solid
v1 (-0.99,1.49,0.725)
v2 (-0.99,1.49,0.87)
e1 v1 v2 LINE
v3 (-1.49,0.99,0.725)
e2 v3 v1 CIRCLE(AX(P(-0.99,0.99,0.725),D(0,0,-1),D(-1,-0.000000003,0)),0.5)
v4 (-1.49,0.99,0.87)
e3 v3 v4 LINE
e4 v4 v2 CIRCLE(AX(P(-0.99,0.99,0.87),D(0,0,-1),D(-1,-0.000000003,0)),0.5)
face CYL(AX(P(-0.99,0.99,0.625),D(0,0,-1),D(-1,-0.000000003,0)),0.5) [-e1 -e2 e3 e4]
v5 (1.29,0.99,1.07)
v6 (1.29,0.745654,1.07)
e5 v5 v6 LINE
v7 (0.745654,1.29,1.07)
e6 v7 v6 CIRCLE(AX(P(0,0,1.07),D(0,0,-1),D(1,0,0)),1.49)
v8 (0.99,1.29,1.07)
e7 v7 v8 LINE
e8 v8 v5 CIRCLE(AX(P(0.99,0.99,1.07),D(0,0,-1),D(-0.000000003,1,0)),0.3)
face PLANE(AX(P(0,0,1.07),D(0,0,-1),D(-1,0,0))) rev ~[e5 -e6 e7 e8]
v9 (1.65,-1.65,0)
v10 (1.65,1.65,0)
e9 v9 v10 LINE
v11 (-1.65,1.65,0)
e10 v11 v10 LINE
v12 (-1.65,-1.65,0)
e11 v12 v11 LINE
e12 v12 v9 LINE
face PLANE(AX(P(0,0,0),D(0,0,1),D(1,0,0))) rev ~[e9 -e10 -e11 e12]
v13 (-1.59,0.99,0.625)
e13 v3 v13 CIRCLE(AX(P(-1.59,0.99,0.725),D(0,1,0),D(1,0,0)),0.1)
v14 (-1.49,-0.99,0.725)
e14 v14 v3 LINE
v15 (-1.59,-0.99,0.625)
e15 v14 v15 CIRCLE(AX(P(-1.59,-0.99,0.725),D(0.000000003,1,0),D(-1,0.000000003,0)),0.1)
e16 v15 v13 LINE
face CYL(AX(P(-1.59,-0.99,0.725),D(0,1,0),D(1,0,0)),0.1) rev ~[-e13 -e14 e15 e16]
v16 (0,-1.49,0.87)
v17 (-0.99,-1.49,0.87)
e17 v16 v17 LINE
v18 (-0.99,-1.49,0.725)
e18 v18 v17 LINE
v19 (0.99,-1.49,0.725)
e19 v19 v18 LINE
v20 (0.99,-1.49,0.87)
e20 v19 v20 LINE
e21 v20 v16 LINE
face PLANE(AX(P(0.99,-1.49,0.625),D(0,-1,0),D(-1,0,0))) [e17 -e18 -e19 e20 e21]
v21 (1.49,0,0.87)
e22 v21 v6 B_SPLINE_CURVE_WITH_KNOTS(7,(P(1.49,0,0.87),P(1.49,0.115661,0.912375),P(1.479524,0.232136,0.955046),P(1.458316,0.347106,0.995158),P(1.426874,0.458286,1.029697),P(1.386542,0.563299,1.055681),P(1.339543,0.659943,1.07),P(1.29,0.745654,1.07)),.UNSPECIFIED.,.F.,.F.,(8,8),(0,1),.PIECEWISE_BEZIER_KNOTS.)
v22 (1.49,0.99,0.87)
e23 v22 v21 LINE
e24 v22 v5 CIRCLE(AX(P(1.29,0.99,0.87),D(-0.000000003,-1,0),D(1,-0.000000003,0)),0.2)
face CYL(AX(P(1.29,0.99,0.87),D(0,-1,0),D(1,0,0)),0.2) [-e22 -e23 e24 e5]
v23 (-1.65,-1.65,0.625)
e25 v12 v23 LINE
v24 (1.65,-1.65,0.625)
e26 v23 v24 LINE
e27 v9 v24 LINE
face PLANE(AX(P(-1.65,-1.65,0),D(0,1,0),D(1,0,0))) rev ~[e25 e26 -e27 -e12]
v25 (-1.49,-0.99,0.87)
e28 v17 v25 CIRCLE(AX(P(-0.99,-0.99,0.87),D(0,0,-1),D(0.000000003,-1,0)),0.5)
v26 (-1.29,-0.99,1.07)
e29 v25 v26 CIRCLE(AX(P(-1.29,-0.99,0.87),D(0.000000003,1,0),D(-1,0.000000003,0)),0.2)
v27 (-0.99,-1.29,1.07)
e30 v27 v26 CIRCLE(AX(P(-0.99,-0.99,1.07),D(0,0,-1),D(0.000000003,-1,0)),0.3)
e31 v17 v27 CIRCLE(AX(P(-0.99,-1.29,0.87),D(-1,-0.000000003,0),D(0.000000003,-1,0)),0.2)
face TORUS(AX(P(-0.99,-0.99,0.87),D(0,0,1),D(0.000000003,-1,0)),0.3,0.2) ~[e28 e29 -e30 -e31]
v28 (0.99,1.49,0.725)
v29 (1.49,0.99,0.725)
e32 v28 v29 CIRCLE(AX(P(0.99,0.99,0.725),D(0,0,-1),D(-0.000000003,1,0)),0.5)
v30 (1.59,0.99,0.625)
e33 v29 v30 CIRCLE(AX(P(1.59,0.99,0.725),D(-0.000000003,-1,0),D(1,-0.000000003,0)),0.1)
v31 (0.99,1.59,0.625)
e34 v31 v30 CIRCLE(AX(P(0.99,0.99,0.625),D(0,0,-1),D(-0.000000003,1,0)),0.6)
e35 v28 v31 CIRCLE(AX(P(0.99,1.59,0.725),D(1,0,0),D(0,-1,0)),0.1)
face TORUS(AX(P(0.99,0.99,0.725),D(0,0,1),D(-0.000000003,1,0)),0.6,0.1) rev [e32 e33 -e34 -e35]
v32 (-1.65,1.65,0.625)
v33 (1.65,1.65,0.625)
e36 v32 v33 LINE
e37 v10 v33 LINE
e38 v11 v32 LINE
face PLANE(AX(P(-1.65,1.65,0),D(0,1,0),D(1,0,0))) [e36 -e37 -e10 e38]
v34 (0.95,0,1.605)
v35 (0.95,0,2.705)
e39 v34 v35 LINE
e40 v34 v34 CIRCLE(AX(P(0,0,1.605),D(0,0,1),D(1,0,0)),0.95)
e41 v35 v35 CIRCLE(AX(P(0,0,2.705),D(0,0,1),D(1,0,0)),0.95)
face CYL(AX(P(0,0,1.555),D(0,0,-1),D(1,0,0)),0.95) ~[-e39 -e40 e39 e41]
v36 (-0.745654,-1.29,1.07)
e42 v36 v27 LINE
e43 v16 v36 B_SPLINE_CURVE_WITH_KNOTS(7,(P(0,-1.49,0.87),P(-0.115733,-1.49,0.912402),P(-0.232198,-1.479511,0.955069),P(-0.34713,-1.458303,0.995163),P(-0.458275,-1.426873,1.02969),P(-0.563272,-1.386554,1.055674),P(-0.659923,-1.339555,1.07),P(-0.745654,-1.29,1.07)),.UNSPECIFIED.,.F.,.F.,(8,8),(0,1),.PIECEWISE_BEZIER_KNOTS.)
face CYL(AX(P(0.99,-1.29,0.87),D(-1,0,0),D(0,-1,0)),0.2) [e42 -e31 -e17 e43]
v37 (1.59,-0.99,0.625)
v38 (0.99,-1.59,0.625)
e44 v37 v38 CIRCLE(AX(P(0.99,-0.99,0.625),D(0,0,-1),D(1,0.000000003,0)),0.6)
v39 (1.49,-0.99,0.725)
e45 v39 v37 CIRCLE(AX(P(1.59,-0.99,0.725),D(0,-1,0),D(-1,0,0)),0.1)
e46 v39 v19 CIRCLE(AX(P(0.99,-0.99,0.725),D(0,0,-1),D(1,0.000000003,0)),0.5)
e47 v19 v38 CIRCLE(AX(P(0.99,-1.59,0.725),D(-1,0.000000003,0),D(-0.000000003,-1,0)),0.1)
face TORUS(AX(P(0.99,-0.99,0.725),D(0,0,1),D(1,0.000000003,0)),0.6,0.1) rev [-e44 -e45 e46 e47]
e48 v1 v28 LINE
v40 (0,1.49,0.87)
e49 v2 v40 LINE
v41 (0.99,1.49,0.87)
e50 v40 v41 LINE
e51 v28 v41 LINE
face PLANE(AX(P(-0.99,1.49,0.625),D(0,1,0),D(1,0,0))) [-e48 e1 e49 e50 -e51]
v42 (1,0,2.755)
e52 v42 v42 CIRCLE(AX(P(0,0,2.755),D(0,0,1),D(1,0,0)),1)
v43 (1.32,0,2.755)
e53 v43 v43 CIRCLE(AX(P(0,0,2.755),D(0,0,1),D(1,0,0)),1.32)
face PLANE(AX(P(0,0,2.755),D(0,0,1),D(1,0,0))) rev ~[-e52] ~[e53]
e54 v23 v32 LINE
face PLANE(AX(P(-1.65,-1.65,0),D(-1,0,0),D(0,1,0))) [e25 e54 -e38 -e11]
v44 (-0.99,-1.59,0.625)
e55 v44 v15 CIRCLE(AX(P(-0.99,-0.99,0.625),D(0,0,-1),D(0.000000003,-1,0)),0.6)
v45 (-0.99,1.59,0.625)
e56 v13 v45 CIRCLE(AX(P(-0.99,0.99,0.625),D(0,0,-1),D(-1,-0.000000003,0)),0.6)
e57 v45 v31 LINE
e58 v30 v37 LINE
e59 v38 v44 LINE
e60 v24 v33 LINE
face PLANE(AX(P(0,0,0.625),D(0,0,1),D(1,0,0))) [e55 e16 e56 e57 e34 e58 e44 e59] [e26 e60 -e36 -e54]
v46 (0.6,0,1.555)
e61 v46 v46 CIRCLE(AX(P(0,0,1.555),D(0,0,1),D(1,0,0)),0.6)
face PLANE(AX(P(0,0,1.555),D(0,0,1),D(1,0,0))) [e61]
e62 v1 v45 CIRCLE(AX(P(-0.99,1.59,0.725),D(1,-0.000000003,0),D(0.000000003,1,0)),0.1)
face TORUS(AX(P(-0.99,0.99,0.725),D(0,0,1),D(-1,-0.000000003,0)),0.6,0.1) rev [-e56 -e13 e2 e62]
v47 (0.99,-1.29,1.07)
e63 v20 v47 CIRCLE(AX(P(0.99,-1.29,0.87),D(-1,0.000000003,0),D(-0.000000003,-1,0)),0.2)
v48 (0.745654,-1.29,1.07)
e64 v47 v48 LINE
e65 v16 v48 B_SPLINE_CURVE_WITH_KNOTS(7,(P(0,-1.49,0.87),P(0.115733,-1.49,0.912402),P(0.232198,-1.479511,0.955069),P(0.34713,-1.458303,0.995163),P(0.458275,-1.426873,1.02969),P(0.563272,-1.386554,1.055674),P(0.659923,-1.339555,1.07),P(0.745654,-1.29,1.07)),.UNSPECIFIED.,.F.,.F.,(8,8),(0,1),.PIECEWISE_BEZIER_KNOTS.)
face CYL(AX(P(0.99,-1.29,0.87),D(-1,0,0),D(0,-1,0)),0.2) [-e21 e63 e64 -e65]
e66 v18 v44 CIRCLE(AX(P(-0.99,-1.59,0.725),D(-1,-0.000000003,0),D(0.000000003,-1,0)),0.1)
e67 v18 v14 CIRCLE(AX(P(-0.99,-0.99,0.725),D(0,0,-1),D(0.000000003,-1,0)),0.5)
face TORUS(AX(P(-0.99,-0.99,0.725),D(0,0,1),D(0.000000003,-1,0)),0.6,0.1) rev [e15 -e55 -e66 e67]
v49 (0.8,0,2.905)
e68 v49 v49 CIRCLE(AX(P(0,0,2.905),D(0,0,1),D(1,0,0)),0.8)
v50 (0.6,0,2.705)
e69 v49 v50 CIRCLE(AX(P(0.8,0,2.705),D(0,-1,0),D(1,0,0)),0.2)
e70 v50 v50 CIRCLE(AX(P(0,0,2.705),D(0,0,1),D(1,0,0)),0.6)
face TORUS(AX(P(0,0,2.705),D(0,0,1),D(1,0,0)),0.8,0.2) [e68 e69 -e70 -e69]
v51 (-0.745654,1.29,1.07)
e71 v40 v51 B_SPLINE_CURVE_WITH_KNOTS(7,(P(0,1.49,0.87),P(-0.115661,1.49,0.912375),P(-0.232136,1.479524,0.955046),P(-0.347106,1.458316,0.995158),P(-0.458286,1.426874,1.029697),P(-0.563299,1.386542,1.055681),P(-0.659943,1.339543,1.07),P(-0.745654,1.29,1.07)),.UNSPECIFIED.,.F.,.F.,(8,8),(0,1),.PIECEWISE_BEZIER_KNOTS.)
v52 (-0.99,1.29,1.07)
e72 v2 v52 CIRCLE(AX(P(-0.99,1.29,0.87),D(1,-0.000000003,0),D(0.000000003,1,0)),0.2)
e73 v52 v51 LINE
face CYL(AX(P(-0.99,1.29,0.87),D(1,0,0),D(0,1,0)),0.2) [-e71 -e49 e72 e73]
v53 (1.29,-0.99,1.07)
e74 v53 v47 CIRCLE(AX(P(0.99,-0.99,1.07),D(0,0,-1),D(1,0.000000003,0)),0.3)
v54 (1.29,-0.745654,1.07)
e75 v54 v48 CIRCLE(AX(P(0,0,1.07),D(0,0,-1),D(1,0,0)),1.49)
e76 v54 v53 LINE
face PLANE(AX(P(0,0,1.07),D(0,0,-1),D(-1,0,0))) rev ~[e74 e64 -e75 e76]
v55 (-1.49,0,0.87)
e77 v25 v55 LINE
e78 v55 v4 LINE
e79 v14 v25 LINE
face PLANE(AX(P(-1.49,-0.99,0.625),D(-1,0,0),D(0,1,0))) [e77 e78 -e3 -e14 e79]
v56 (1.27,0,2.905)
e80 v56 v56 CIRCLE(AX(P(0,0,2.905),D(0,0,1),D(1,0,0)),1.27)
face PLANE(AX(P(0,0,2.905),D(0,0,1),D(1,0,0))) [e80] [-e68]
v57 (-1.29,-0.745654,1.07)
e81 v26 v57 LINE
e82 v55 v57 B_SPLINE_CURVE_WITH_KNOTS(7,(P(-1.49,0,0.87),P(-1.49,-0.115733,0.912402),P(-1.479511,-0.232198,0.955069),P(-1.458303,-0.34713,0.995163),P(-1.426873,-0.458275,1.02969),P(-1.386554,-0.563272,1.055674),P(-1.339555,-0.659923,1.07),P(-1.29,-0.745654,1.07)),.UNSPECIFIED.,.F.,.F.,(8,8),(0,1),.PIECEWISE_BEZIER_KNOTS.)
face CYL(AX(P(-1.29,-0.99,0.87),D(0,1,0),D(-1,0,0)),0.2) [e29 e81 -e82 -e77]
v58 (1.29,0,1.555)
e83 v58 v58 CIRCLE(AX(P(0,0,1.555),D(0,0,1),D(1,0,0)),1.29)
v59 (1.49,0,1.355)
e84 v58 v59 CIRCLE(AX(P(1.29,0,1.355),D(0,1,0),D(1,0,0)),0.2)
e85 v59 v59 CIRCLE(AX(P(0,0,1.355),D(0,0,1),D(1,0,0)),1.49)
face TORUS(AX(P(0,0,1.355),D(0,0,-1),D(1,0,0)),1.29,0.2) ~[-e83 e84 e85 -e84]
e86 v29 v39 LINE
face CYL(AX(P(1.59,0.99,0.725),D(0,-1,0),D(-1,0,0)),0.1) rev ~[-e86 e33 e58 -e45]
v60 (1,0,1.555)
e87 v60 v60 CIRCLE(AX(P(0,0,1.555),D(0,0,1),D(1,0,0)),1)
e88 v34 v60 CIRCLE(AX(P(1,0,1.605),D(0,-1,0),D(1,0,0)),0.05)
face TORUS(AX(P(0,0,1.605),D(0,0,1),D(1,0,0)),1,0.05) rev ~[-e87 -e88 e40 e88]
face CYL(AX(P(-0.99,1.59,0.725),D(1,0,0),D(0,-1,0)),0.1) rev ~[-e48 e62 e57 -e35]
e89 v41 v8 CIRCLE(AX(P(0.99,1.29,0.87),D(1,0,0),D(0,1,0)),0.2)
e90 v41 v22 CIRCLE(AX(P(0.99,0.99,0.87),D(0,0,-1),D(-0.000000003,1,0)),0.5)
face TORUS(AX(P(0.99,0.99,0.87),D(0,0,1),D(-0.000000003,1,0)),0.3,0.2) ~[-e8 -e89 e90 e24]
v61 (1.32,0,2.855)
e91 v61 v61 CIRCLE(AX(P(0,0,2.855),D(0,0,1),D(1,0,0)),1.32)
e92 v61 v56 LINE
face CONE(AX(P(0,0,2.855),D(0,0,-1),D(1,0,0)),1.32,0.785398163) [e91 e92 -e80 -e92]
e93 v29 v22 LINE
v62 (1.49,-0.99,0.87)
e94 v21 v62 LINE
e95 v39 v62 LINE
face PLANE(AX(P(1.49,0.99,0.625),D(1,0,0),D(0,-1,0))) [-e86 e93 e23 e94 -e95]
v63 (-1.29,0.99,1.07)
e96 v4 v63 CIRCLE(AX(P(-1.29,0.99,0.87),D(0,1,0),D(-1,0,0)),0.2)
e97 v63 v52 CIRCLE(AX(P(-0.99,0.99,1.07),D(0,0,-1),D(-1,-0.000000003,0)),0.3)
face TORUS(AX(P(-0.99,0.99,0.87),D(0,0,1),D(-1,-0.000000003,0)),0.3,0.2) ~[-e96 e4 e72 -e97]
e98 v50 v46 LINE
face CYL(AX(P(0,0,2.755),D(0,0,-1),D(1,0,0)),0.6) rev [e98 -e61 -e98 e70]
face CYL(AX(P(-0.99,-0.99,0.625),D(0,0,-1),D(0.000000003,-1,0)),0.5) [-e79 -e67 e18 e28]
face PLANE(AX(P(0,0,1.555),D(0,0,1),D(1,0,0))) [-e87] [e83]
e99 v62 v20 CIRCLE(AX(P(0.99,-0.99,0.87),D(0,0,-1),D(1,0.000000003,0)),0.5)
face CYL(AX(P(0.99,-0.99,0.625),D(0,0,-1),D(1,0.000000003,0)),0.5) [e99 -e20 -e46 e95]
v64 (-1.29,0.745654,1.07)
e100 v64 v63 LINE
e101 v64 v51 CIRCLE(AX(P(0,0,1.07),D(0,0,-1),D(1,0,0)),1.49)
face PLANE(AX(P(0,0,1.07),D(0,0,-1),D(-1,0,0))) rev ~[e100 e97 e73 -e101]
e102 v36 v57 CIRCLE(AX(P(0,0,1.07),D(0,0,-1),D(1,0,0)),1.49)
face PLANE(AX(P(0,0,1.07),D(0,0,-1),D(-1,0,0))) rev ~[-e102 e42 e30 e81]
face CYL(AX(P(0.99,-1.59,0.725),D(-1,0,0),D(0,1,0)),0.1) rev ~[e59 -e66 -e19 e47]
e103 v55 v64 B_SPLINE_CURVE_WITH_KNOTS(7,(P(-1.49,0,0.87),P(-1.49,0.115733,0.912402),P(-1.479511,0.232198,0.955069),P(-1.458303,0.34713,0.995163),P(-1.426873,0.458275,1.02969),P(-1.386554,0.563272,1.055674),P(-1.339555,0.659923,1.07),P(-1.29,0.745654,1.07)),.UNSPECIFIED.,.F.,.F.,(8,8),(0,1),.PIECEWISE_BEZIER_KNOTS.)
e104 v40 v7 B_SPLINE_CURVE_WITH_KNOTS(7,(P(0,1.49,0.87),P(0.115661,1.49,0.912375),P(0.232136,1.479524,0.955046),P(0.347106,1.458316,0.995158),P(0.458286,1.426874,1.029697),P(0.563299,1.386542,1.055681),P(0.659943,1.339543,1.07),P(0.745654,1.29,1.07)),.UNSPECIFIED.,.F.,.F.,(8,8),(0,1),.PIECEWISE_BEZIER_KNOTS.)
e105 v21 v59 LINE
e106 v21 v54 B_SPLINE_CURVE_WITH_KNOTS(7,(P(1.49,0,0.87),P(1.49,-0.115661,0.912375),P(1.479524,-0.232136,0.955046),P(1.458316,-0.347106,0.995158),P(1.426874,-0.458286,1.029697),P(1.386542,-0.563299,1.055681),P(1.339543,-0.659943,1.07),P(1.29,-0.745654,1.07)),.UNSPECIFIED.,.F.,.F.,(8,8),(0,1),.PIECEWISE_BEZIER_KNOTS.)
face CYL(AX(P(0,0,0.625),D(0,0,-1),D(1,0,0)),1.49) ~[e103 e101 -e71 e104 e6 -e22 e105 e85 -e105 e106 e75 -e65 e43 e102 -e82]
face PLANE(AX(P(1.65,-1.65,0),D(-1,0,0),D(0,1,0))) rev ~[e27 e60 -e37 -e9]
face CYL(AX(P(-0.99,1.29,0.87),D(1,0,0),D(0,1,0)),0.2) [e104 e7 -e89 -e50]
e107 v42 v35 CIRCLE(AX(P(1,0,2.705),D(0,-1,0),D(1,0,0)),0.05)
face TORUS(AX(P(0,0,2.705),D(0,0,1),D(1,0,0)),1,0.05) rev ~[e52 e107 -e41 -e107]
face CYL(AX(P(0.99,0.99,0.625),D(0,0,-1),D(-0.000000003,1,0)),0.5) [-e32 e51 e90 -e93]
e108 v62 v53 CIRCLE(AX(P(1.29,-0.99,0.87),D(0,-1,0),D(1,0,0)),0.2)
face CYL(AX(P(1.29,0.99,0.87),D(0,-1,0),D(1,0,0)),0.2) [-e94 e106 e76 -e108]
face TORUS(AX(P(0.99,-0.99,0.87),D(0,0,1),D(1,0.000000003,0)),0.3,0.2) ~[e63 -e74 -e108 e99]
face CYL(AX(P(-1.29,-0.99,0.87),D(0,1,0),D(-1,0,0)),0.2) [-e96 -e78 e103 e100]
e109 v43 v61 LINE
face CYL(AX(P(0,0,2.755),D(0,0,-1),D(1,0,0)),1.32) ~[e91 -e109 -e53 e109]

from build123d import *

# Parameters (mm, degrees)
ESQUISSE1_W        = 3.3
ESQUISSE1_H        = 3.3
BASE_DEPTH         = 0.625
BOSS_EXTRU_2_DEPTH = 0.445
CONG_1_R           = 0.2
ESQUISSE3_R        = 1.49
BOSS_EXTRU_3_DEPTH = 0.93
CONG_2_R           = 0.1
ESQUISSE4_R        = 0.95
ESQUISSE4_R_2      = 0.6
BOSS_EXTRU_4_DEPTH = 1.2
ESQUISSE6_R        = 1.32
ESQUISSE6_R_2      = 0.6
BOSS_EXTRU_5_DEPTH = 0.15
CHANFREIN1_SIZE    = 0.05
CONG_3_R           = 0.05
CONG_4_R           = 0.2


with BuildPart() as part:
    # Esquisse1 → base (new body)
    with BuildSketch(Plane.XY):
        Rectangle(ESQUISSE1_W, ESQUISSE1_H)
    extrude(amount=BASE_DEPTH)

    # Esquisse2 → Boss.-Extru.2 (add)
    with BuildSketch(Plane.XY.offset(0.625)):
        with BuildLine():
            Line((-0.99, 1.49), (0.99, 1.49))
            ThreePointArc((0.99, 1.49), (1.343553391, 1.343553391), (1.49, 0.99))
            Line((1.49, 0.99), (1.49, -0.99))
            ThreePointArc((1.49, -0.99), (1.343553391, -1.343553391), (0.99, -1.49))
            Line((0.99, -1.49), (-0.99, -1.49))
            ThreePointArc((-0.99, -1.49), (-1.343553391, -1.343553391), (-1.49, -0.99))
            Line((-1.49, -0.99), (-1.49, 0.99))
            ThreePointArc((-1.49, 0.99), (-1.343553391, 1.343553391), (-0.99, 1.49))
        make_face()
    extrude(amount=BOSS_EXTRU_2_DEPTH)

    # Congé1
    cong_1_edges = [part.edges().sort_by_distance(p)[0] for p in [
        (-1.343553391, -1.343553391, 1.07),
        (0, -1.49, 1.07),
        (1.343553391, -1.343553391, 1.07),
        (1.49, 0, 1.07),
        (1.343553391, 1.343553391, 1.07),
        (0, 1.49, 1.07),
        (-1.343553391, 1.343553391, 1.07),
        (-1.49, 0, 1.07),
    ]]
    fillet(cong_1_edges, radius=CONG_1_R)

    # Esquisse3 → Boss.-Extru.3 (add)
    with BuildSketch(Plane.XY.offset(0.625)):
        Circle(ESQUISSE3_R)
    extrude(amount=BOSS_EXTRU_3_DEPTH)

    # Congé2
    cong_2_edges = [part.edges().sort_by_distance(p)[0] for p in [
        (-1.343553391, -1.343553391, 0.625),
        (0, -1.49, 0.625),
        (1.343553391, -1.343553391, 0.625),
        (1.49, 0, 0.625),
        (1.343553391, 1.343553391, 0.625),
        (0, 1.49, 0.625),
        (-1.343553391, 1.343553391, 0.625),
        (-1.49, 0, 0.625),
    ]]
    fillet(cong_2_edges, radius=CONG_2_R)

    # Esquisse4 → Boss.-Extru.4 (add)
    with BuildSketch(Plane.XY.offset(1.555)):
        Circle(ESQUISSE4_R)
        Circle(ESQUISSE4_R_2, mode=Mode.SUBTRACT)
    extrude(amount=BOSS_EXTRU_4_DEPTH)

    # Esquisse6 → Boss.-Extru.5 (add)
    with BuildSketch(Plane.XY.offset(2.755)):
        Circle(ESQUISSE6_R)
        Circle(ESQUISSE6_R_2, mode=Mode.SUBTRACT)
    extrude(amount=BOSS_EXTRU_5_DEPTH)

    # Chanfrein1
    chanfrein1_edges = [part.edges().sort_by_distance(p)[0] for p in [
        (-1.32, 0, 2.905),
    ]]
    chamfer(chanfrein1_edges, length=CHANFREIN1_SIZE)

    # Congé3
    cong_3_edges = [part.edges().sort_by_distance(p)[0] for p in [
        (-0.95, 0, 2.755),
        (-0.95, 0, 1.555),
    ]]
    fillet(cong_3_edges, radius=CONG_3_R)

    # Congé4
    cong_4_edges = [part.edges().sort_by_distance(p)[0] for p in [
        (-0.6, 0, 2.905),
        (-1.49, 0, 1.555),
    ]]
    fillet(cong_4_edges, radius=CONG_4_R)


solid = part.part
